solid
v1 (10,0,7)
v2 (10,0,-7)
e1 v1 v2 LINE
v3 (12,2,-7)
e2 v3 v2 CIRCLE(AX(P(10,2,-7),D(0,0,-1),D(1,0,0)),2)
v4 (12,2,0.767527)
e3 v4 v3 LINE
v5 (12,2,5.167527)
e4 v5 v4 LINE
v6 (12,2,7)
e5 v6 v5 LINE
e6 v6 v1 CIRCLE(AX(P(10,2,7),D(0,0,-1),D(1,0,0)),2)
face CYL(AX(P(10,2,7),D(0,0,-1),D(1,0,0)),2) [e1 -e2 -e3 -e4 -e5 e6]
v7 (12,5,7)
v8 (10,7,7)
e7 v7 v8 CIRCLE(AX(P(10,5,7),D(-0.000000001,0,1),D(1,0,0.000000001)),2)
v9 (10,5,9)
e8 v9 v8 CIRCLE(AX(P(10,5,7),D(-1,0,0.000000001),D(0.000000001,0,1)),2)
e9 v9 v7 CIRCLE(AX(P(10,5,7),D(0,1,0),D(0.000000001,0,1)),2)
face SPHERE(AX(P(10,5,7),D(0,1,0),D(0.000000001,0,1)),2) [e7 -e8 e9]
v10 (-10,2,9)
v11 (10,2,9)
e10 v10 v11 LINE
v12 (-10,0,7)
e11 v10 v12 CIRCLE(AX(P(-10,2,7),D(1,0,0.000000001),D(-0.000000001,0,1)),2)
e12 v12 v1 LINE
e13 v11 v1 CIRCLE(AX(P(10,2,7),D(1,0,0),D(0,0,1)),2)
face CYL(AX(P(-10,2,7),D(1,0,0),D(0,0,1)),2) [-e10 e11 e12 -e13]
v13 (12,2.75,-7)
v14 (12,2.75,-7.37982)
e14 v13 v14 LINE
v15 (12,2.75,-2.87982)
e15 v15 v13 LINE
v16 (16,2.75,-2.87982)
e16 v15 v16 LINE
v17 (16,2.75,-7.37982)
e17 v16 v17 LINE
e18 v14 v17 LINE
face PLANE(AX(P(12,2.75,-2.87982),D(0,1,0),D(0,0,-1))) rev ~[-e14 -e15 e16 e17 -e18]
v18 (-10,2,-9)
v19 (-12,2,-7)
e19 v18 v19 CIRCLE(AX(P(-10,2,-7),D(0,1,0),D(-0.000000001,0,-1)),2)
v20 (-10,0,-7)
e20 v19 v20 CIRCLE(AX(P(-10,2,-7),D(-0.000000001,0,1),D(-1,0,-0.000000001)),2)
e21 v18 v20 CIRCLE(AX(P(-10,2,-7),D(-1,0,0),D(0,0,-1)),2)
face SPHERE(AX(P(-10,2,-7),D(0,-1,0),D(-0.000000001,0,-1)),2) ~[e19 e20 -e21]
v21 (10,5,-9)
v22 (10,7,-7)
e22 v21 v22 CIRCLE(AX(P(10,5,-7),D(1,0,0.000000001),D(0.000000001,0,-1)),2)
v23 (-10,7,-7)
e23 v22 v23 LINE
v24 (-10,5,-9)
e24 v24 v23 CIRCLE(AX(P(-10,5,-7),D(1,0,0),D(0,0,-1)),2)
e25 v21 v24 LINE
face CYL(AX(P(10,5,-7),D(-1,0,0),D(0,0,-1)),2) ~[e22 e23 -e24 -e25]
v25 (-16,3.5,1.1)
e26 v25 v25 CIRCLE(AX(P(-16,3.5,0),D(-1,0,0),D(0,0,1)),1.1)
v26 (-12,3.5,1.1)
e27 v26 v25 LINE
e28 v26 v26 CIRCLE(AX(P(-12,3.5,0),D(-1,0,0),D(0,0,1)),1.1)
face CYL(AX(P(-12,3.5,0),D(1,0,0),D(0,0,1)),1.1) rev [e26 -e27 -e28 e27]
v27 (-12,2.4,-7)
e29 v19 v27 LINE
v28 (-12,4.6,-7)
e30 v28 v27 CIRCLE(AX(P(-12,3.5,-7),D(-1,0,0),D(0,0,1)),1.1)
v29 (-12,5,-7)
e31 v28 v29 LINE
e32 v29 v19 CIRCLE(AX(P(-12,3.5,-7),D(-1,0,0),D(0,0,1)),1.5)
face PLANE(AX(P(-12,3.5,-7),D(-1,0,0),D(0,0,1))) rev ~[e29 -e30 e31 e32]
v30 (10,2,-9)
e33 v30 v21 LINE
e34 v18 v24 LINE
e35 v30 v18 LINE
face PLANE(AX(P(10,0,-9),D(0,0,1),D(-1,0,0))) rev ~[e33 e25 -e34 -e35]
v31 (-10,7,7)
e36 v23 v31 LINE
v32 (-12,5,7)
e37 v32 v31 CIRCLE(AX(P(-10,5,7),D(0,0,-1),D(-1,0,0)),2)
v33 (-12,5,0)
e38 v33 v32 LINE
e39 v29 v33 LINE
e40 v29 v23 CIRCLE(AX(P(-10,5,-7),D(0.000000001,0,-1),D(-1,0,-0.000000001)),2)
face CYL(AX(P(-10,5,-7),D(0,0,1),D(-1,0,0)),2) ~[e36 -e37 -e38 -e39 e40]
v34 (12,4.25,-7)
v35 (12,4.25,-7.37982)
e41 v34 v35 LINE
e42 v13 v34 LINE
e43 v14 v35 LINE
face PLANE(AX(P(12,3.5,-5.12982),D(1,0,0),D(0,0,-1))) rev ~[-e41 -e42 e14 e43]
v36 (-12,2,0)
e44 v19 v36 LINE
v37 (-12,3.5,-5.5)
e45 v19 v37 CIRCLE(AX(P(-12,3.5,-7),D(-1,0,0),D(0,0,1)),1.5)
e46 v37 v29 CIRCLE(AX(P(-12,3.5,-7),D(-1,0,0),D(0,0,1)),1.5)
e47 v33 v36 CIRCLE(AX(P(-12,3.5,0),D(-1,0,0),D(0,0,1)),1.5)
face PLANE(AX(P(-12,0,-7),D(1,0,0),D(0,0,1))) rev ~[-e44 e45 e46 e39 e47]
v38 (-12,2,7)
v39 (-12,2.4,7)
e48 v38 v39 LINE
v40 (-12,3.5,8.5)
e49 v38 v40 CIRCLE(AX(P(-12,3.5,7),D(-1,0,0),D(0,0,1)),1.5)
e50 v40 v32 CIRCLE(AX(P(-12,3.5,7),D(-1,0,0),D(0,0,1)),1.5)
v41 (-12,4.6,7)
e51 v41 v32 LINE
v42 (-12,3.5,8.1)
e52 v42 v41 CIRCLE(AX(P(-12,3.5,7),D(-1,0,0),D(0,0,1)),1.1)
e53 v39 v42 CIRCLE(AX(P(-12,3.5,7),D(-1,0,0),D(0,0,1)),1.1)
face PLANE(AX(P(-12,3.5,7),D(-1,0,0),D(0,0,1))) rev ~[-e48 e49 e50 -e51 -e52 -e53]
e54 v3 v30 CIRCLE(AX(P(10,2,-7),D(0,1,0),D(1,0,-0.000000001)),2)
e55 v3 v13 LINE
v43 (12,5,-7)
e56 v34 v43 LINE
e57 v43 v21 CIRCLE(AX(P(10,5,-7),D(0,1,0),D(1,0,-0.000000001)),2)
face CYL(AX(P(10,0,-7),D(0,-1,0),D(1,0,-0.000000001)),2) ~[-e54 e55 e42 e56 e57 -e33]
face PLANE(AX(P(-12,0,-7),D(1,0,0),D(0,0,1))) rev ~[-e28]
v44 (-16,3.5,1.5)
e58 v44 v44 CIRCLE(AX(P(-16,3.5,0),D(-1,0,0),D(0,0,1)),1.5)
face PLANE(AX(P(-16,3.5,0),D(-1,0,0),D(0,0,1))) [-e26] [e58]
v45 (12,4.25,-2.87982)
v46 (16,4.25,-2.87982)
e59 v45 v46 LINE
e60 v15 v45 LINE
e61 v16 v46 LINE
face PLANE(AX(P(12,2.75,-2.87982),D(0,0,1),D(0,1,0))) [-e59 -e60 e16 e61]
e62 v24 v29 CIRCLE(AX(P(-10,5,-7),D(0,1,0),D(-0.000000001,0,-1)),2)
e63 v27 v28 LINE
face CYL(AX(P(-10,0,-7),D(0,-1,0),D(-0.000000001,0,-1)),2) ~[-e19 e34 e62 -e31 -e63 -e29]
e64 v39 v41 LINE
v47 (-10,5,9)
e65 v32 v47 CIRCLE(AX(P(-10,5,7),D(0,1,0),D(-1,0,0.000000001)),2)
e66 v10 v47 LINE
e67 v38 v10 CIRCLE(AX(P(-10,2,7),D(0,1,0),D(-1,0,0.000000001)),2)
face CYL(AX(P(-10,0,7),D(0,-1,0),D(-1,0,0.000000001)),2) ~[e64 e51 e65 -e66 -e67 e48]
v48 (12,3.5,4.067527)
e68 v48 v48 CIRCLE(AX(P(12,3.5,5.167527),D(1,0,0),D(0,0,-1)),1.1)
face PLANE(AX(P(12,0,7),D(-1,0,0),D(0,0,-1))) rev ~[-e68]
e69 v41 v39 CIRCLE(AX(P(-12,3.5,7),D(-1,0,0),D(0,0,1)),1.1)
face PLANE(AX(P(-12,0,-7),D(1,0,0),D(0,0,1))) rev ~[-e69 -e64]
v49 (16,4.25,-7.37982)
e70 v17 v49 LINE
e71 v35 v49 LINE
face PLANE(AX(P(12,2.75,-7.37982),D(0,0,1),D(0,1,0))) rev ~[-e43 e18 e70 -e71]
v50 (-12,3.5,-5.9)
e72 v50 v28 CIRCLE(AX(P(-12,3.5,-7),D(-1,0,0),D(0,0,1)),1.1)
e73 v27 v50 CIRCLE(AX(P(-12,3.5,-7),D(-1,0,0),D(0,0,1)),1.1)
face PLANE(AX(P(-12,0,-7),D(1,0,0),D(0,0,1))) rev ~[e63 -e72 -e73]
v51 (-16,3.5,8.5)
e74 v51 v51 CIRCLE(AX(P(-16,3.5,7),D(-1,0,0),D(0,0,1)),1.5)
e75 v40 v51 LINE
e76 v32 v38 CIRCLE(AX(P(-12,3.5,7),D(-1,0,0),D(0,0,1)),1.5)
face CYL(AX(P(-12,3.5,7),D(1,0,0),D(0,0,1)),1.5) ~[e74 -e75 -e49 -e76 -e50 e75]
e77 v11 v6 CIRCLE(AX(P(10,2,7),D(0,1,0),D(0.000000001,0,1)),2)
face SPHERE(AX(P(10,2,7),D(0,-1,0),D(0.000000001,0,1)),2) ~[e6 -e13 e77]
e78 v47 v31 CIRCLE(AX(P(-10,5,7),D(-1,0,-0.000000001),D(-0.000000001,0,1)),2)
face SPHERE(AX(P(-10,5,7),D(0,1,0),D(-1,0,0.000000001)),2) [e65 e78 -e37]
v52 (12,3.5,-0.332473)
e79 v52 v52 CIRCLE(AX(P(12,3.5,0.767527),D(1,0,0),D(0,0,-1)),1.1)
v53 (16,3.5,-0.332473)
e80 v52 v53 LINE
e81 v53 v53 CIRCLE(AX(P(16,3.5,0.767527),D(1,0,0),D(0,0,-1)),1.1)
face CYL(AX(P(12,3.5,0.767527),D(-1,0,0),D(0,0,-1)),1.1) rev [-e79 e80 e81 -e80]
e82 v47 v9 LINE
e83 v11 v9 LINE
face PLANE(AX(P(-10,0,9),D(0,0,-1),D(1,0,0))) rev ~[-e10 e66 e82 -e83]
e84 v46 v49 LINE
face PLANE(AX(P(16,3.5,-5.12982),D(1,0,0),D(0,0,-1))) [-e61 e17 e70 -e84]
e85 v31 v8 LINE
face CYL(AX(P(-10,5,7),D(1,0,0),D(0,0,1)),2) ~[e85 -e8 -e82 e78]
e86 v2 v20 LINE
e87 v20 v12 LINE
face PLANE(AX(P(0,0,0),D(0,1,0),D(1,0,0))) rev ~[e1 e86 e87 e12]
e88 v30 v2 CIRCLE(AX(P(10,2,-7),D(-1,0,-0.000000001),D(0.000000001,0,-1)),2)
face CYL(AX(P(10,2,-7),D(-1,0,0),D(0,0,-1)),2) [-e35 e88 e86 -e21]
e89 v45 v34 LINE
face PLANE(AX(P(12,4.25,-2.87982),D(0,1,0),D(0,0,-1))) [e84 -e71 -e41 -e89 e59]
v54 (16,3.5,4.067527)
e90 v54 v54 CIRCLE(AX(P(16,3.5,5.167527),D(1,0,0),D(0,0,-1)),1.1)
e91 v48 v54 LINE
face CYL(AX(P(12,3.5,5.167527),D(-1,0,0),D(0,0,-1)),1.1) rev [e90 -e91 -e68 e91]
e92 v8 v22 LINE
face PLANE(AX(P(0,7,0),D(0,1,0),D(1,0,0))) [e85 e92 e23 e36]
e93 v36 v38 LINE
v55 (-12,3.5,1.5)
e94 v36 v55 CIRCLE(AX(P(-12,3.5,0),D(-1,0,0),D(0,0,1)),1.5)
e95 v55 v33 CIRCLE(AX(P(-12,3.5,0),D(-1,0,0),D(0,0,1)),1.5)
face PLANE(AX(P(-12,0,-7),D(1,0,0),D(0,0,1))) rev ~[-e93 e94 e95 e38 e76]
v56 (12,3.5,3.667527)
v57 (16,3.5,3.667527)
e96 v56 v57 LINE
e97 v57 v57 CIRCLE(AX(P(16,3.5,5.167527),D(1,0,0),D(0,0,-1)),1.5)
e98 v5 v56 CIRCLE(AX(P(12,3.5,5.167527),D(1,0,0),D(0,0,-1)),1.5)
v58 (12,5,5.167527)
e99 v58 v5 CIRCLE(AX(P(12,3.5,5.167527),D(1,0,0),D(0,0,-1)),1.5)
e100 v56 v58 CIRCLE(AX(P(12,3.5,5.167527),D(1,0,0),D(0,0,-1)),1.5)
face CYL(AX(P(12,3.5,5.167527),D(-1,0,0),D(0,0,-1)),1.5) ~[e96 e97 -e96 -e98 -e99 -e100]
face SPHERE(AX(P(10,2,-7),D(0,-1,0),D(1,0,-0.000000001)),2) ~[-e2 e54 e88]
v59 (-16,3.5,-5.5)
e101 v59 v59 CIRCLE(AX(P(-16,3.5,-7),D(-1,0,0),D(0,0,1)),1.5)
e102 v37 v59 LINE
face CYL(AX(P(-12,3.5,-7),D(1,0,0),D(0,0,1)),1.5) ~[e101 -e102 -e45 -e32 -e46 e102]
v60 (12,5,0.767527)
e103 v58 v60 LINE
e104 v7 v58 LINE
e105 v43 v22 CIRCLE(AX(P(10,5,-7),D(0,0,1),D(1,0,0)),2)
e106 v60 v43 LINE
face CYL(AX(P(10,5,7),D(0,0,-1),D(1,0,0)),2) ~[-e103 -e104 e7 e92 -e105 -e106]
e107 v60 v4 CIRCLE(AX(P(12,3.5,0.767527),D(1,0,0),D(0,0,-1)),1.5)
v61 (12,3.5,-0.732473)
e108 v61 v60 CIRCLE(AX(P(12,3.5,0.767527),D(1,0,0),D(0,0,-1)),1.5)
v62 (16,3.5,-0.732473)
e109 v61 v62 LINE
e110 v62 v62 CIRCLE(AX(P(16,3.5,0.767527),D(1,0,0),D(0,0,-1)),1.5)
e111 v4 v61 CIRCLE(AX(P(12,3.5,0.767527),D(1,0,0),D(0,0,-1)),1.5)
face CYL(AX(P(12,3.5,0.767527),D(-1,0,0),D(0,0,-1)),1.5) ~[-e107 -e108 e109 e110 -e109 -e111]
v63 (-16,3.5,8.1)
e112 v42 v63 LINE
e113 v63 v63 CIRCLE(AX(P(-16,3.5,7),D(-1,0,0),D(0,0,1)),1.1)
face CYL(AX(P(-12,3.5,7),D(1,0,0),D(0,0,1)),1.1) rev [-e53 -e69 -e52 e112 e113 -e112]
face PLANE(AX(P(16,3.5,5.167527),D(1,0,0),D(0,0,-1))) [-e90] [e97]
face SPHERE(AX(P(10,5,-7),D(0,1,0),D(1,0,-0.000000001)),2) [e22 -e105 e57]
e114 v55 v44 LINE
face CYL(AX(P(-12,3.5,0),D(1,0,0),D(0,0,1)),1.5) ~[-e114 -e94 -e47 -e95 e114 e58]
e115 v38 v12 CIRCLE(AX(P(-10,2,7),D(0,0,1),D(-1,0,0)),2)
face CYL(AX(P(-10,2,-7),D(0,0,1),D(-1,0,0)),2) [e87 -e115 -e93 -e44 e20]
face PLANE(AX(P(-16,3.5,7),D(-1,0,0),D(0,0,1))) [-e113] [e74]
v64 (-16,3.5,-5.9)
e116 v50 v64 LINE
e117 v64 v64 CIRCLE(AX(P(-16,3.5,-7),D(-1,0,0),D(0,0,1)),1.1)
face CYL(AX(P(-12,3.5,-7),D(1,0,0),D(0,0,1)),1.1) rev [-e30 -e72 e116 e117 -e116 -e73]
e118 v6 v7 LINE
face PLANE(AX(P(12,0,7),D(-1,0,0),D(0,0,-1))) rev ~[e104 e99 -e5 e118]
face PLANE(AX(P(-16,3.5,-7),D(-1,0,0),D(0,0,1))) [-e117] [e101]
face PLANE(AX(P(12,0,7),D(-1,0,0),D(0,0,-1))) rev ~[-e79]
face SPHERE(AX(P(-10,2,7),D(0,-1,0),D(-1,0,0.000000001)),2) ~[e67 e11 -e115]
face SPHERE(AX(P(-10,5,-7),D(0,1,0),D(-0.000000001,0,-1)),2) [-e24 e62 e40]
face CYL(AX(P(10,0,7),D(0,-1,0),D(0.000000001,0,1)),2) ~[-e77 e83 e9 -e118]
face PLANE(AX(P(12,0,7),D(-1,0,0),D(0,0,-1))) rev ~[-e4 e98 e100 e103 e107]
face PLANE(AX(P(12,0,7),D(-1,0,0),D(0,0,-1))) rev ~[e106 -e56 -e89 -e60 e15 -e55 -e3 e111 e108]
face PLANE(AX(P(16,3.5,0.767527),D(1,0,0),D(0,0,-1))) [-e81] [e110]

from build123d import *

# Parameters (mm, degrees)
BOSS_EXTRUDE1_DEPTH = 7
FILLET1_R           = 2
SKETCH2_R           = 1.5
SKETCH2_R_2         = 1.1
BOSS_EXTRUDE2_DEPTH = 4
SKETCH3_R           = 1.5
SKETCH3_R_2         = 1.1
SKETCH3_W           = 4.5
SKETCH3_H           = 1.5
BOSS_EXTRUDE3_DEPTH = 4


with BuildPart() as part:
    # Sketch1 → Boss-Extrude1 (new body)
    with BuildSketch(Plane(origin=(0, 0, 0), x_dir=(1, 0, 0), z_dir=(0, 1, 0))):
        with BuildLine():
            Line((-10, -9), (10, -9))
            ThreePointArc((10, -9), (11.414213562, -8.414213562), (12, -7))
            Line((12, -7), (12, 7))
            ThreePointArc((12, 7), (11.414213562, 8.414213562), (10, 9))
            Line((10, 9), (-10, 9))
            ThreePointArc((-10, 9), (-11.414213562, 8.414213562), (-12, 7))
            Line((-12, 7), (-12, -7))
            ThreePointArc((-12, -7), (-11.414213562, -8.414213562), (-10, -9))
        make_face()
    extrude(amount=BOSS_EXTRUDE1_DEPTH)

    # Fillet1
    fillet1_edges = [part.edges().sort_by_distance(p)[0] for p in [
        (12, 0, 0),
        (11.414213562, 0, 8.414213562),
        (0, 0, 9),
        (-11.414213562, 0, 8.414213562),
        (11.414213562, 7, 8.414213562),
        (12, 7, 0),
        (11.414213562, 7, -8.414213562),
        (0, 7, -9),
        (-11.414213562, 7, -8.414213562),
        (-12, 7, 0),
        (-11.414213562, 7, 8.414213562),
        (-12, 0, 0),
        (0, 7, 9),
        (-11.414213562, 0, -8.414213562),
        (0, 0, -9),
        (11.414213562, 0, -8.414213562),
    ]]
    fillet(fillet1_edges, radius=FILLET1_R)

    # Sketch2 → Boss-Extrude2 (add)
    with BuildSketch(Plane.ZY.offset(12)):
        with Locations((-7, 3.5)):
            Circle(SKETCH2_R)
        with Locations((-7, 3.5)):
            Circle(SKETCH2_R_2, mode=Mode.SUBTRACT)
        with Locations((0, 3.5)):
            Circle(SKETCH2_R)
        with Locations((0, 3.5)):
            Circle(SKETCH2_R_2, mode=Mode.SUBTRACT)
        with Locations((7, 3.5)):
            Circle(SKETCH2_R)
        with Locations((7, 3.5)):
            Circle(SKETCH2_R_2, mode=Mode.SUBTRACT)
    extrude(amount=BOSS_EXTRUDE2_DEPTH)

    # Sketch3 → Boss-Extrude3 (add)
    with BuildSketch(Plane(origin=(12, 0, 0), x_dir=(0, 0, -1), z_dir=(1, 0, 0))):
        with Locations((-5.167527067, 3.5)):
            Circle(SKETCH3_R)
        with Locations((-5.167527067, 3.5)):
            Circle(SKETCH3_R_2, mode=Mode.SUBTRACT)
        with Locations((-0.767527067, 3.5)):
            Circle(SKETCH3_R)
        with Locations((-0.767527067, 3.5)):
            Circle(SKETCH3_R_2, mode=Mode.SUBTRACT)
        with Locations((5.129819771, 3.5)):
            Rectangle(SKETCH3_W, SKETCH3_H)
    extrude(amount=BOSS_EXTRUDE3_DEPTH)


solid = part.part
